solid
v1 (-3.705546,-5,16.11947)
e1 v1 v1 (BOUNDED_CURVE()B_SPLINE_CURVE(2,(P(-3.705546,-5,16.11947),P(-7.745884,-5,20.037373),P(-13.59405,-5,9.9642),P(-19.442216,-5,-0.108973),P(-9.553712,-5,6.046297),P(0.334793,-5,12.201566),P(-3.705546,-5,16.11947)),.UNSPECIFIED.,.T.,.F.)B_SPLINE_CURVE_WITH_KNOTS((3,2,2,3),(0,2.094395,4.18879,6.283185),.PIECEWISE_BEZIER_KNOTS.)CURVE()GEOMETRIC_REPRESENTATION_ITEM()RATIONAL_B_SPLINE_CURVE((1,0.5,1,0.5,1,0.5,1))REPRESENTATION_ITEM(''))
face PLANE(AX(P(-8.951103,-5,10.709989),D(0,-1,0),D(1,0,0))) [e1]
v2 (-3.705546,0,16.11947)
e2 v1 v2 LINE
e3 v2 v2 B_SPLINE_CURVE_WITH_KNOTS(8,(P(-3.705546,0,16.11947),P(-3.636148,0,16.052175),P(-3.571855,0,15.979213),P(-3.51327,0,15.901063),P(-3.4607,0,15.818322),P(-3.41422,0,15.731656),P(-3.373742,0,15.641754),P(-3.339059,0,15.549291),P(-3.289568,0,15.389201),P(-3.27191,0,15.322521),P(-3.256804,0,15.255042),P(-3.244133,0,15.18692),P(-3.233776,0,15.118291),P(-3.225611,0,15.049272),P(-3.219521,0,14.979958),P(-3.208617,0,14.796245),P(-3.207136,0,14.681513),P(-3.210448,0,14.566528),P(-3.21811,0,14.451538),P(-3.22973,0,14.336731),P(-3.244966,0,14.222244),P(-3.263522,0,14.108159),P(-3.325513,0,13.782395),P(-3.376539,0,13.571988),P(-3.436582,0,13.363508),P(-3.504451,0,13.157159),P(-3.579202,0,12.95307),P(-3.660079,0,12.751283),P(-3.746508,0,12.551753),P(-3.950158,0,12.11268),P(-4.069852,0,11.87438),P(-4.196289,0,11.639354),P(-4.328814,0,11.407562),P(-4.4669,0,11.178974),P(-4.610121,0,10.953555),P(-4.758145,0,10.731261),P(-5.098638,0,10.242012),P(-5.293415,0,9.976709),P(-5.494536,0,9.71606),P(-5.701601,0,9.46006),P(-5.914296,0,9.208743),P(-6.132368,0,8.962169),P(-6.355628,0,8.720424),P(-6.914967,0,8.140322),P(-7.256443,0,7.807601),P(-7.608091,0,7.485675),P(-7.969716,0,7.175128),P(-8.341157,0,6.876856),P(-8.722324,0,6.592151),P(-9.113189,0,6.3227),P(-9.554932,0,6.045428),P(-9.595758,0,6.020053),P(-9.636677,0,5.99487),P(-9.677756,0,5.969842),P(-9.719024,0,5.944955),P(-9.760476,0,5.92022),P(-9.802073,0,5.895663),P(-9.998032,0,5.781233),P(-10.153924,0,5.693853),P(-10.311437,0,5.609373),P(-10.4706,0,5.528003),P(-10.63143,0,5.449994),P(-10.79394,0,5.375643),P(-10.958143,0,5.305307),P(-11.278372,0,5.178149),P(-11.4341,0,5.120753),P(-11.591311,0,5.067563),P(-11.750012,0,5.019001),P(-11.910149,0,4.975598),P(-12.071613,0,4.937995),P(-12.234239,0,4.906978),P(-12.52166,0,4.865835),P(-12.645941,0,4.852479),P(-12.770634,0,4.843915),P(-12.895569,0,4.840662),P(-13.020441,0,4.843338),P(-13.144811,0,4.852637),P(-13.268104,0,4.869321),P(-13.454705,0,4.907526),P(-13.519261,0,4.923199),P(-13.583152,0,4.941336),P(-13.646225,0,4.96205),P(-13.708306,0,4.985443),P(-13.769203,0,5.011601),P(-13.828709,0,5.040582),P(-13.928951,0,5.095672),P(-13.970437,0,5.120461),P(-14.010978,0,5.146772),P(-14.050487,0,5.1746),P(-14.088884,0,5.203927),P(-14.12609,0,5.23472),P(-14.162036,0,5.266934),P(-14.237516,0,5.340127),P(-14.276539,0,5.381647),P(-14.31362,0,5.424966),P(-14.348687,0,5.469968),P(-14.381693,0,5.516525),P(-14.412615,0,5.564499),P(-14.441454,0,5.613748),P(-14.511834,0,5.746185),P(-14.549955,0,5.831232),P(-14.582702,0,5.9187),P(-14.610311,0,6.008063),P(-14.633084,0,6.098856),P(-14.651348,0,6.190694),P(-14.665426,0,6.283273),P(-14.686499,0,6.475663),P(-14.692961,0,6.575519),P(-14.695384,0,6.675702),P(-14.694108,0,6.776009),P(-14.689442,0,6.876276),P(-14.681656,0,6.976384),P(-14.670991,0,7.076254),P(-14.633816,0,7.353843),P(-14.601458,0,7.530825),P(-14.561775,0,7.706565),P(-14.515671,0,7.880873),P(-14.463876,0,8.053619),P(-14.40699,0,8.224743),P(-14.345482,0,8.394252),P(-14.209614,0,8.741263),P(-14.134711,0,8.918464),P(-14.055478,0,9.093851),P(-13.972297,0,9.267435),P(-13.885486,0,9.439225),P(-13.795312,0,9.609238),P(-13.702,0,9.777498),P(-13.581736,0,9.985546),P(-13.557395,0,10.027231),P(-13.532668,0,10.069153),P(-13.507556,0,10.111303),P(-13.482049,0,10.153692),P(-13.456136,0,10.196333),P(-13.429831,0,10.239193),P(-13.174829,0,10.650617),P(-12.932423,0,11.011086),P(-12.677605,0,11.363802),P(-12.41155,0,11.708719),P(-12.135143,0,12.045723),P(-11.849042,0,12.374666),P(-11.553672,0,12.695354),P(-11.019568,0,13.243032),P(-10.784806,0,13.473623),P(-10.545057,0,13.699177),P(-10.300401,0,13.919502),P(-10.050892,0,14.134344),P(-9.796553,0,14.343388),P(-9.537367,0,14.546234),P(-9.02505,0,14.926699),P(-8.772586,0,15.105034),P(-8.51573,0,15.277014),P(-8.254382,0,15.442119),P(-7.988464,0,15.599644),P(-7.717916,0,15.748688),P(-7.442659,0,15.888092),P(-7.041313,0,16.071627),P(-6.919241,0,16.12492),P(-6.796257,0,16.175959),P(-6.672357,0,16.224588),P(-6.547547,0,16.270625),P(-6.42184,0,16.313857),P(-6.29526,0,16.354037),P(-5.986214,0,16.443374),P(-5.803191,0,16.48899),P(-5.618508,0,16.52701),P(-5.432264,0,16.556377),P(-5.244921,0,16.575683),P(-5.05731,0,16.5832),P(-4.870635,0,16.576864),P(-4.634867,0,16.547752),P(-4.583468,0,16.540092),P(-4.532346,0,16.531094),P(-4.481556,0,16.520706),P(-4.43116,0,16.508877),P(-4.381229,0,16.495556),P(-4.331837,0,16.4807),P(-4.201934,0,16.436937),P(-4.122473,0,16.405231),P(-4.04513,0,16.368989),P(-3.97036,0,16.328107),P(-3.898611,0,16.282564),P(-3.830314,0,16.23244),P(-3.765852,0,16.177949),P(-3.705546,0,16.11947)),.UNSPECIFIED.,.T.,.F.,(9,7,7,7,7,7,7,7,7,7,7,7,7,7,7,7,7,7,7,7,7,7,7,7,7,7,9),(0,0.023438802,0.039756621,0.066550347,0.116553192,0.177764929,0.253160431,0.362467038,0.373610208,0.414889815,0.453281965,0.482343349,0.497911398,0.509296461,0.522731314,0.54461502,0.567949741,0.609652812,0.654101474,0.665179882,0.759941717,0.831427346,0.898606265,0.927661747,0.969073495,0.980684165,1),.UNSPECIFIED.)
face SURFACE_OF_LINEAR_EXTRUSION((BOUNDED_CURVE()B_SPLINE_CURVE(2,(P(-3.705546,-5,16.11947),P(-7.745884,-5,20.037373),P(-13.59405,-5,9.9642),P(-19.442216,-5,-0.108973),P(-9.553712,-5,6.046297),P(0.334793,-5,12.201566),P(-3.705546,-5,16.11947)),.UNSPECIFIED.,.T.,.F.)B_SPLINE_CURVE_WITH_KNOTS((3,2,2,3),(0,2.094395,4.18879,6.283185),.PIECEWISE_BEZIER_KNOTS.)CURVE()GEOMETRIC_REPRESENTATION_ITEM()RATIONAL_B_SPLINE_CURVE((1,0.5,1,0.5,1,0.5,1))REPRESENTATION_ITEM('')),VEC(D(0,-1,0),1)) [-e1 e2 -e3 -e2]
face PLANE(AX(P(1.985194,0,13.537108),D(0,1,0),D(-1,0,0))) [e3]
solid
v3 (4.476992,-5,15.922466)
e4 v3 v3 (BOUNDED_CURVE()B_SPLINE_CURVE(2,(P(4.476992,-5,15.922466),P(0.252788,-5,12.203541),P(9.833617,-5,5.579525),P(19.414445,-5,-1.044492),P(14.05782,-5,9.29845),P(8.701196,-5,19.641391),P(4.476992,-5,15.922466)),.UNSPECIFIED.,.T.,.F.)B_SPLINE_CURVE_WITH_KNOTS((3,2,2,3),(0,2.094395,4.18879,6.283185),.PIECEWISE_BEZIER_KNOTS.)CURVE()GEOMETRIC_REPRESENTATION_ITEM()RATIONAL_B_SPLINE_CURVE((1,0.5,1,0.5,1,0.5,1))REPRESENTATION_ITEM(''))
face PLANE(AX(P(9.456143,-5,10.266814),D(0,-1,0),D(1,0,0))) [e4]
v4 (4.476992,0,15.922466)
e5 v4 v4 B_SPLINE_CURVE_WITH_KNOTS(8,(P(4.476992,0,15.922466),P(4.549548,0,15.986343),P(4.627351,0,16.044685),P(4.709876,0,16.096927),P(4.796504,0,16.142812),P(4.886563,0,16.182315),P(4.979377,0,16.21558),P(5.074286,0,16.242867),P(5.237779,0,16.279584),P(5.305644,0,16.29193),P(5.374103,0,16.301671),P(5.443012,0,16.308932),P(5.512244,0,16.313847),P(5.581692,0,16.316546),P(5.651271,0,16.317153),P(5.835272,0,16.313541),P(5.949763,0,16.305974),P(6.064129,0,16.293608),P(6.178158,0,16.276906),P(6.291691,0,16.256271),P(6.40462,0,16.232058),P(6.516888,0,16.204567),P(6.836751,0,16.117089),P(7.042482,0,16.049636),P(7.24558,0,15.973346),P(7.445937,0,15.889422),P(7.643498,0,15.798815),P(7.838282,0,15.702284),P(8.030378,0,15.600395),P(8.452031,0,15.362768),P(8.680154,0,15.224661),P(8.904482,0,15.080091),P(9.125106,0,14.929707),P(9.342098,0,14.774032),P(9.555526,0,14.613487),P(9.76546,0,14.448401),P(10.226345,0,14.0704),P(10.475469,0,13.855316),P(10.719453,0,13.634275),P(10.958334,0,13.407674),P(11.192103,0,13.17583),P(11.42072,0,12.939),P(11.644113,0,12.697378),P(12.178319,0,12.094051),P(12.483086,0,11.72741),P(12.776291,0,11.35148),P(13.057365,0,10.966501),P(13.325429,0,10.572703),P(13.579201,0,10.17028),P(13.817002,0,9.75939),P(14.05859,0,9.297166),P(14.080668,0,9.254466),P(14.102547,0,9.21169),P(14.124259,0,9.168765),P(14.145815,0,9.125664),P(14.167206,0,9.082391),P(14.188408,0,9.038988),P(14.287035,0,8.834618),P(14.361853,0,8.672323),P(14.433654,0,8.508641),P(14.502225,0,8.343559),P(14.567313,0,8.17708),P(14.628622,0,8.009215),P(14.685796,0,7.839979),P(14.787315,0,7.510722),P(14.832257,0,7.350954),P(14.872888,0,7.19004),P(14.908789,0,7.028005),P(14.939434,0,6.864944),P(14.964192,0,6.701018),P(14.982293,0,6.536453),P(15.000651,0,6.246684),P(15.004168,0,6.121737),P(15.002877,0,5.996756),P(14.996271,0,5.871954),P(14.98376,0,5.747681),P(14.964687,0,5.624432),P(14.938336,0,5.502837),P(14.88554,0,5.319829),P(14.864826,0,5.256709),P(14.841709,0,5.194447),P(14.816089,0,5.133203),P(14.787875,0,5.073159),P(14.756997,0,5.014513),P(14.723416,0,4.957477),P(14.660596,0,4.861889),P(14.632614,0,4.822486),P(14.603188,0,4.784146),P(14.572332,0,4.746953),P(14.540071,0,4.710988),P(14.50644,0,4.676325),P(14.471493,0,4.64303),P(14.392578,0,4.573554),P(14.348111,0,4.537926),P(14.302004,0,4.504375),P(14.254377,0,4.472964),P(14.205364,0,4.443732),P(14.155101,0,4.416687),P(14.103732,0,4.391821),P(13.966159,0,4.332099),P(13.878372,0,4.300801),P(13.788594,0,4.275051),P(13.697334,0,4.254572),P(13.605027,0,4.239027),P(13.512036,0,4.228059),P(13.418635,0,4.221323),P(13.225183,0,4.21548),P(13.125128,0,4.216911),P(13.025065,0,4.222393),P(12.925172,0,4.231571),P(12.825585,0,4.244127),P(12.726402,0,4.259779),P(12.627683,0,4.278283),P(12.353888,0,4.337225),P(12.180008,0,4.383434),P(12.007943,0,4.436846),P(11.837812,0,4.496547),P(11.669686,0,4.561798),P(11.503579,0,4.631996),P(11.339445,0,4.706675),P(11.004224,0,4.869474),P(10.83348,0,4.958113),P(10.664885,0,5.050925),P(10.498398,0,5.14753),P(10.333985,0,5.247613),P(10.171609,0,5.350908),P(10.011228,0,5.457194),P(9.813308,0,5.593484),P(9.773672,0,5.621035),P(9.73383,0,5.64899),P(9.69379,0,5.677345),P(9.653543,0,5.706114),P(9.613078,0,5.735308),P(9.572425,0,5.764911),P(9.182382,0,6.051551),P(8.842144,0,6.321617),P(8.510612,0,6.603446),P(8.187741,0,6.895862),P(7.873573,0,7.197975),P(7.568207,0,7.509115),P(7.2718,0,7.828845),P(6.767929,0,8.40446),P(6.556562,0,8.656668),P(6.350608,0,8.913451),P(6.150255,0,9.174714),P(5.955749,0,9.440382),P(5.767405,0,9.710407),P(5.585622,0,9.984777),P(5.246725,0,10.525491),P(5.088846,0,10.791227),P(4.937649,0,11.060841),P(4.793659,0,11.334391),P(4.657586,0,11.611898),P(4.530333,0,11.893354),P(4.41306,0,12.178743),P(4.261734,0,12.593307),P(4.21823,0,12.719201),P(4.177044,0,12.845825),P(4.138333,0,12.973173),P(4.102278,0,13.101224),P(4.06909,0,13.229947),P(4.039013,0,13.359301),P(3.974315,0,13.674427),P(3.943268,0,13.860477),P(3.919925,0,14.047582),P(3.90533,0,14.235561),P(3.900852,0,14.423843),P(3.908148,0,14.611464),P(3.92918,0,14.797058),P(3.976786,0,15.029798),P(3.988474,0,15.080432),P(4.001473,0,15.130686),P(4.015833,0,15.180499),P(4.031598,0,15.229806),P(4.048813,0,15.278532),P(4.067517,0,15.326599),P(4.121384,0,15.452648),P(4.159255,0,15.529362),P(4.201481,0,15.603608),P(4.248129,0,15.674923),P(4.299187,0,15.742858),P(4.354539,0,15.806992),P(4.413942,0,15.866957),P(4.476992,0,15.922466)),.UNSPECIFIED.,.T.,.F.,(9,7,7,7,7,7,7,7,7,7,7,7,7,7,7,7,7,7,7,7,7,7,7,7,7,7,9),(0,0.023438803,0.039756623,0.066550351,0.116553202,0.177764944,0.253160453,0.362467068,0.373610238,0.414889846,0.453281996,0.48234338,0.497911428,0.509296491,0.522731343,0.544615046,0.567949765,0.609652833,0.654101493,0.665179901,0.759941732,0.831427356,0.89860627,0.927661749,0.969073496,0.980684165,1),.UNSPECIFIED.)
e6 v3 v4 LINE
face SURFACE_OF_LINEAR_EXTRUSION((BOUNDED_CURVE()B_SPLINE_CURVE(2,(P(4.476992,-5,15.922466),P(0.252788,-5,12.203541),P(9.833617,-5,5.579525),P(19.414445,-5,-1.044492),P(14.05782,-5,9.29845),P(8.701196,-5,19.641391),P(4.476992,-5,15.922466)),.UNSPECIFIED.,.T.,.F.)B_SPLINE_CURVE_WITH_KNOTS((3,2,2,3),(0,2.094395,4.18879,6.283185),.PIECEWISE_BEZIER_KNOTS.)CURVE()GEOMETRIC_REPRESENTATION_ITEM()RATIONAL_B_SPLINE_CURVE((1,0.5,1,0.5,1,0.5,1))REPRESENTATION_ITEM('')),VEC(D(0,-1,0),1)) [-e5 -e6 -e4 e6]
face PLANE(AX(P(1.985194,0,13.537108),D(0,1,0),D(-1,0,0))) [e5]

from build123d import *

# Parameters (mm, degrees)
F0_R     = 3.480992
F1_DEPTH = 5
F3_DEPTH = 10


with BuildPart() as f1:
    # F0 (on Front) → F1 (new body)
    with BuildSketch(Plane.XZ):
        with BuildLine():
            add(Edge.make_bspline(
                [(-19.630878, 15.479943), (-25.782564, 28.721323), (-36.250994, 51.599465), (-17.085214, 17.174545), (-14.357393, 20.466198)],
                knots=[0, 0, 0, 0, 23.414912, 45.351109, 45.351109, 45.351109, 45.351109], degree=3))
            ThreePointArc((-19.630878, 15.479943), (-5.294251, -24.432988), (24.277798, 5.965611))
            add(Edge.make_bspline(
                [(20.752836, 13.939864), (23.455058, 7.946182), (55.485364, 16.278042), (34.507719, 9.243534), (24.277798, 5.965611)],
                knots=[151.565837, 151.565837, 151.565837, 151.565837, 173.378727, 192.738798, 192.738798, 192.738798, 192.738798], degree=3))
            add(Edge.make_bspline(
                [(10.038018, 22.896249), (14.413081, 21.006528), (34.36055, 44.016398), (18.439163, 19.071721), (20.752836, 13.939864)],
                knots=[115.060143, 115.060143, 115.060143, 115.060143, 132.889398, 151.565837, 151.565837, 151.565837, 151.565837], degree=3))
            add(Edge.make_bspline(
                [(-6.263032, 24.202777), (-1.993937, 23.078036), (7.695011, 55.851143), (5.681296, 24.778047), (10.038018, 22.896249)],
                knots=[78.033185, 78.033185, 78.033185, 78.033185, 97.305635, 115.060143, 115.060143, 115.060143, 115.060143], degree=3))
            add(Edge.make_bspline(
                [(-14.357393, 20.466198), (-12.197474, 23.072565), (-15.85166, 51.50322), (-9.655005, 25.096431), (-6.263032, 24.202777)],
                knots=[45.351109, 45.351109, 45.351109, 45.351109, 62.720425, 78.033185, 78.033185, 78.033185, 78.033185], degree=3))
        make_face()
        with BuildLine():
            ThreePointArc((21.467222, 0), (0.994824, -19.925986), (-19.477574, 0))
            add(Edge.make_bspline(
                [(-19.477574, 0), (-16.428945, -4.158768), (-10.728277, -11.782042), (4.053888, -13.634451), (15.787261, -9.391006), (20.048541, -2.433091), (21.467222, 0)],
                knots=[0, 0, 0, 0, 14.144704, 28.571506, 40.63047, 50.285577, 50.285577, 50.285577, 50.285577], degree=3))
        make_face(mode=Mode.SUBTRACT)
        Circle(F0_R, mode=Mode.SUBTRACT)
    extrude(amount=F1_DEPTH)

    # F2 (on face) → F3 (intersect)
    with BuildSketch(Plane.XZ.offset(5)):
        with BuildLine():
            add(Edge.make_bspline(
                [(-3.705546, 16.11947), (-7.745884, 20.037373), (-13.59405, 9.9642), (-19.442216, -0.108973), (-9.553712, 6.046297), (0.334793, 12.201566), (-3.705546, 16.11947)],
                knots=[0, 0, 0, 2.094395, 2.094395, 4.18879, 4.18879, 6.283185, 6.283185, 6.283185], degree=2, weights=[1, 0.5, 1, 0.5, 1, 0.5, 1]))
        make_face()
        with BuildLine():
            add(Edge.make_bspline(
                [(4.476992, 15.922466), (0.252788, 12.203541), (9.833617, 5.579525), (19.414445, -1.044492), (14.05782, 9.29845), (8.701196, 19.641391), (4.476992, 15.922466)],
                knots=[0, 0, 0, 2.094395, 2.094395, 4.18879, 4.18879, 6.283185, 6.283185, 6.283185], degree=2, weights=[1, 0.5, 1, 0.5, 1, 0.5, 1]))
        make_face()
    extrude(amount=-F3_DEPTH, mode=Mode.INTERSECT)


solid = f1.part
